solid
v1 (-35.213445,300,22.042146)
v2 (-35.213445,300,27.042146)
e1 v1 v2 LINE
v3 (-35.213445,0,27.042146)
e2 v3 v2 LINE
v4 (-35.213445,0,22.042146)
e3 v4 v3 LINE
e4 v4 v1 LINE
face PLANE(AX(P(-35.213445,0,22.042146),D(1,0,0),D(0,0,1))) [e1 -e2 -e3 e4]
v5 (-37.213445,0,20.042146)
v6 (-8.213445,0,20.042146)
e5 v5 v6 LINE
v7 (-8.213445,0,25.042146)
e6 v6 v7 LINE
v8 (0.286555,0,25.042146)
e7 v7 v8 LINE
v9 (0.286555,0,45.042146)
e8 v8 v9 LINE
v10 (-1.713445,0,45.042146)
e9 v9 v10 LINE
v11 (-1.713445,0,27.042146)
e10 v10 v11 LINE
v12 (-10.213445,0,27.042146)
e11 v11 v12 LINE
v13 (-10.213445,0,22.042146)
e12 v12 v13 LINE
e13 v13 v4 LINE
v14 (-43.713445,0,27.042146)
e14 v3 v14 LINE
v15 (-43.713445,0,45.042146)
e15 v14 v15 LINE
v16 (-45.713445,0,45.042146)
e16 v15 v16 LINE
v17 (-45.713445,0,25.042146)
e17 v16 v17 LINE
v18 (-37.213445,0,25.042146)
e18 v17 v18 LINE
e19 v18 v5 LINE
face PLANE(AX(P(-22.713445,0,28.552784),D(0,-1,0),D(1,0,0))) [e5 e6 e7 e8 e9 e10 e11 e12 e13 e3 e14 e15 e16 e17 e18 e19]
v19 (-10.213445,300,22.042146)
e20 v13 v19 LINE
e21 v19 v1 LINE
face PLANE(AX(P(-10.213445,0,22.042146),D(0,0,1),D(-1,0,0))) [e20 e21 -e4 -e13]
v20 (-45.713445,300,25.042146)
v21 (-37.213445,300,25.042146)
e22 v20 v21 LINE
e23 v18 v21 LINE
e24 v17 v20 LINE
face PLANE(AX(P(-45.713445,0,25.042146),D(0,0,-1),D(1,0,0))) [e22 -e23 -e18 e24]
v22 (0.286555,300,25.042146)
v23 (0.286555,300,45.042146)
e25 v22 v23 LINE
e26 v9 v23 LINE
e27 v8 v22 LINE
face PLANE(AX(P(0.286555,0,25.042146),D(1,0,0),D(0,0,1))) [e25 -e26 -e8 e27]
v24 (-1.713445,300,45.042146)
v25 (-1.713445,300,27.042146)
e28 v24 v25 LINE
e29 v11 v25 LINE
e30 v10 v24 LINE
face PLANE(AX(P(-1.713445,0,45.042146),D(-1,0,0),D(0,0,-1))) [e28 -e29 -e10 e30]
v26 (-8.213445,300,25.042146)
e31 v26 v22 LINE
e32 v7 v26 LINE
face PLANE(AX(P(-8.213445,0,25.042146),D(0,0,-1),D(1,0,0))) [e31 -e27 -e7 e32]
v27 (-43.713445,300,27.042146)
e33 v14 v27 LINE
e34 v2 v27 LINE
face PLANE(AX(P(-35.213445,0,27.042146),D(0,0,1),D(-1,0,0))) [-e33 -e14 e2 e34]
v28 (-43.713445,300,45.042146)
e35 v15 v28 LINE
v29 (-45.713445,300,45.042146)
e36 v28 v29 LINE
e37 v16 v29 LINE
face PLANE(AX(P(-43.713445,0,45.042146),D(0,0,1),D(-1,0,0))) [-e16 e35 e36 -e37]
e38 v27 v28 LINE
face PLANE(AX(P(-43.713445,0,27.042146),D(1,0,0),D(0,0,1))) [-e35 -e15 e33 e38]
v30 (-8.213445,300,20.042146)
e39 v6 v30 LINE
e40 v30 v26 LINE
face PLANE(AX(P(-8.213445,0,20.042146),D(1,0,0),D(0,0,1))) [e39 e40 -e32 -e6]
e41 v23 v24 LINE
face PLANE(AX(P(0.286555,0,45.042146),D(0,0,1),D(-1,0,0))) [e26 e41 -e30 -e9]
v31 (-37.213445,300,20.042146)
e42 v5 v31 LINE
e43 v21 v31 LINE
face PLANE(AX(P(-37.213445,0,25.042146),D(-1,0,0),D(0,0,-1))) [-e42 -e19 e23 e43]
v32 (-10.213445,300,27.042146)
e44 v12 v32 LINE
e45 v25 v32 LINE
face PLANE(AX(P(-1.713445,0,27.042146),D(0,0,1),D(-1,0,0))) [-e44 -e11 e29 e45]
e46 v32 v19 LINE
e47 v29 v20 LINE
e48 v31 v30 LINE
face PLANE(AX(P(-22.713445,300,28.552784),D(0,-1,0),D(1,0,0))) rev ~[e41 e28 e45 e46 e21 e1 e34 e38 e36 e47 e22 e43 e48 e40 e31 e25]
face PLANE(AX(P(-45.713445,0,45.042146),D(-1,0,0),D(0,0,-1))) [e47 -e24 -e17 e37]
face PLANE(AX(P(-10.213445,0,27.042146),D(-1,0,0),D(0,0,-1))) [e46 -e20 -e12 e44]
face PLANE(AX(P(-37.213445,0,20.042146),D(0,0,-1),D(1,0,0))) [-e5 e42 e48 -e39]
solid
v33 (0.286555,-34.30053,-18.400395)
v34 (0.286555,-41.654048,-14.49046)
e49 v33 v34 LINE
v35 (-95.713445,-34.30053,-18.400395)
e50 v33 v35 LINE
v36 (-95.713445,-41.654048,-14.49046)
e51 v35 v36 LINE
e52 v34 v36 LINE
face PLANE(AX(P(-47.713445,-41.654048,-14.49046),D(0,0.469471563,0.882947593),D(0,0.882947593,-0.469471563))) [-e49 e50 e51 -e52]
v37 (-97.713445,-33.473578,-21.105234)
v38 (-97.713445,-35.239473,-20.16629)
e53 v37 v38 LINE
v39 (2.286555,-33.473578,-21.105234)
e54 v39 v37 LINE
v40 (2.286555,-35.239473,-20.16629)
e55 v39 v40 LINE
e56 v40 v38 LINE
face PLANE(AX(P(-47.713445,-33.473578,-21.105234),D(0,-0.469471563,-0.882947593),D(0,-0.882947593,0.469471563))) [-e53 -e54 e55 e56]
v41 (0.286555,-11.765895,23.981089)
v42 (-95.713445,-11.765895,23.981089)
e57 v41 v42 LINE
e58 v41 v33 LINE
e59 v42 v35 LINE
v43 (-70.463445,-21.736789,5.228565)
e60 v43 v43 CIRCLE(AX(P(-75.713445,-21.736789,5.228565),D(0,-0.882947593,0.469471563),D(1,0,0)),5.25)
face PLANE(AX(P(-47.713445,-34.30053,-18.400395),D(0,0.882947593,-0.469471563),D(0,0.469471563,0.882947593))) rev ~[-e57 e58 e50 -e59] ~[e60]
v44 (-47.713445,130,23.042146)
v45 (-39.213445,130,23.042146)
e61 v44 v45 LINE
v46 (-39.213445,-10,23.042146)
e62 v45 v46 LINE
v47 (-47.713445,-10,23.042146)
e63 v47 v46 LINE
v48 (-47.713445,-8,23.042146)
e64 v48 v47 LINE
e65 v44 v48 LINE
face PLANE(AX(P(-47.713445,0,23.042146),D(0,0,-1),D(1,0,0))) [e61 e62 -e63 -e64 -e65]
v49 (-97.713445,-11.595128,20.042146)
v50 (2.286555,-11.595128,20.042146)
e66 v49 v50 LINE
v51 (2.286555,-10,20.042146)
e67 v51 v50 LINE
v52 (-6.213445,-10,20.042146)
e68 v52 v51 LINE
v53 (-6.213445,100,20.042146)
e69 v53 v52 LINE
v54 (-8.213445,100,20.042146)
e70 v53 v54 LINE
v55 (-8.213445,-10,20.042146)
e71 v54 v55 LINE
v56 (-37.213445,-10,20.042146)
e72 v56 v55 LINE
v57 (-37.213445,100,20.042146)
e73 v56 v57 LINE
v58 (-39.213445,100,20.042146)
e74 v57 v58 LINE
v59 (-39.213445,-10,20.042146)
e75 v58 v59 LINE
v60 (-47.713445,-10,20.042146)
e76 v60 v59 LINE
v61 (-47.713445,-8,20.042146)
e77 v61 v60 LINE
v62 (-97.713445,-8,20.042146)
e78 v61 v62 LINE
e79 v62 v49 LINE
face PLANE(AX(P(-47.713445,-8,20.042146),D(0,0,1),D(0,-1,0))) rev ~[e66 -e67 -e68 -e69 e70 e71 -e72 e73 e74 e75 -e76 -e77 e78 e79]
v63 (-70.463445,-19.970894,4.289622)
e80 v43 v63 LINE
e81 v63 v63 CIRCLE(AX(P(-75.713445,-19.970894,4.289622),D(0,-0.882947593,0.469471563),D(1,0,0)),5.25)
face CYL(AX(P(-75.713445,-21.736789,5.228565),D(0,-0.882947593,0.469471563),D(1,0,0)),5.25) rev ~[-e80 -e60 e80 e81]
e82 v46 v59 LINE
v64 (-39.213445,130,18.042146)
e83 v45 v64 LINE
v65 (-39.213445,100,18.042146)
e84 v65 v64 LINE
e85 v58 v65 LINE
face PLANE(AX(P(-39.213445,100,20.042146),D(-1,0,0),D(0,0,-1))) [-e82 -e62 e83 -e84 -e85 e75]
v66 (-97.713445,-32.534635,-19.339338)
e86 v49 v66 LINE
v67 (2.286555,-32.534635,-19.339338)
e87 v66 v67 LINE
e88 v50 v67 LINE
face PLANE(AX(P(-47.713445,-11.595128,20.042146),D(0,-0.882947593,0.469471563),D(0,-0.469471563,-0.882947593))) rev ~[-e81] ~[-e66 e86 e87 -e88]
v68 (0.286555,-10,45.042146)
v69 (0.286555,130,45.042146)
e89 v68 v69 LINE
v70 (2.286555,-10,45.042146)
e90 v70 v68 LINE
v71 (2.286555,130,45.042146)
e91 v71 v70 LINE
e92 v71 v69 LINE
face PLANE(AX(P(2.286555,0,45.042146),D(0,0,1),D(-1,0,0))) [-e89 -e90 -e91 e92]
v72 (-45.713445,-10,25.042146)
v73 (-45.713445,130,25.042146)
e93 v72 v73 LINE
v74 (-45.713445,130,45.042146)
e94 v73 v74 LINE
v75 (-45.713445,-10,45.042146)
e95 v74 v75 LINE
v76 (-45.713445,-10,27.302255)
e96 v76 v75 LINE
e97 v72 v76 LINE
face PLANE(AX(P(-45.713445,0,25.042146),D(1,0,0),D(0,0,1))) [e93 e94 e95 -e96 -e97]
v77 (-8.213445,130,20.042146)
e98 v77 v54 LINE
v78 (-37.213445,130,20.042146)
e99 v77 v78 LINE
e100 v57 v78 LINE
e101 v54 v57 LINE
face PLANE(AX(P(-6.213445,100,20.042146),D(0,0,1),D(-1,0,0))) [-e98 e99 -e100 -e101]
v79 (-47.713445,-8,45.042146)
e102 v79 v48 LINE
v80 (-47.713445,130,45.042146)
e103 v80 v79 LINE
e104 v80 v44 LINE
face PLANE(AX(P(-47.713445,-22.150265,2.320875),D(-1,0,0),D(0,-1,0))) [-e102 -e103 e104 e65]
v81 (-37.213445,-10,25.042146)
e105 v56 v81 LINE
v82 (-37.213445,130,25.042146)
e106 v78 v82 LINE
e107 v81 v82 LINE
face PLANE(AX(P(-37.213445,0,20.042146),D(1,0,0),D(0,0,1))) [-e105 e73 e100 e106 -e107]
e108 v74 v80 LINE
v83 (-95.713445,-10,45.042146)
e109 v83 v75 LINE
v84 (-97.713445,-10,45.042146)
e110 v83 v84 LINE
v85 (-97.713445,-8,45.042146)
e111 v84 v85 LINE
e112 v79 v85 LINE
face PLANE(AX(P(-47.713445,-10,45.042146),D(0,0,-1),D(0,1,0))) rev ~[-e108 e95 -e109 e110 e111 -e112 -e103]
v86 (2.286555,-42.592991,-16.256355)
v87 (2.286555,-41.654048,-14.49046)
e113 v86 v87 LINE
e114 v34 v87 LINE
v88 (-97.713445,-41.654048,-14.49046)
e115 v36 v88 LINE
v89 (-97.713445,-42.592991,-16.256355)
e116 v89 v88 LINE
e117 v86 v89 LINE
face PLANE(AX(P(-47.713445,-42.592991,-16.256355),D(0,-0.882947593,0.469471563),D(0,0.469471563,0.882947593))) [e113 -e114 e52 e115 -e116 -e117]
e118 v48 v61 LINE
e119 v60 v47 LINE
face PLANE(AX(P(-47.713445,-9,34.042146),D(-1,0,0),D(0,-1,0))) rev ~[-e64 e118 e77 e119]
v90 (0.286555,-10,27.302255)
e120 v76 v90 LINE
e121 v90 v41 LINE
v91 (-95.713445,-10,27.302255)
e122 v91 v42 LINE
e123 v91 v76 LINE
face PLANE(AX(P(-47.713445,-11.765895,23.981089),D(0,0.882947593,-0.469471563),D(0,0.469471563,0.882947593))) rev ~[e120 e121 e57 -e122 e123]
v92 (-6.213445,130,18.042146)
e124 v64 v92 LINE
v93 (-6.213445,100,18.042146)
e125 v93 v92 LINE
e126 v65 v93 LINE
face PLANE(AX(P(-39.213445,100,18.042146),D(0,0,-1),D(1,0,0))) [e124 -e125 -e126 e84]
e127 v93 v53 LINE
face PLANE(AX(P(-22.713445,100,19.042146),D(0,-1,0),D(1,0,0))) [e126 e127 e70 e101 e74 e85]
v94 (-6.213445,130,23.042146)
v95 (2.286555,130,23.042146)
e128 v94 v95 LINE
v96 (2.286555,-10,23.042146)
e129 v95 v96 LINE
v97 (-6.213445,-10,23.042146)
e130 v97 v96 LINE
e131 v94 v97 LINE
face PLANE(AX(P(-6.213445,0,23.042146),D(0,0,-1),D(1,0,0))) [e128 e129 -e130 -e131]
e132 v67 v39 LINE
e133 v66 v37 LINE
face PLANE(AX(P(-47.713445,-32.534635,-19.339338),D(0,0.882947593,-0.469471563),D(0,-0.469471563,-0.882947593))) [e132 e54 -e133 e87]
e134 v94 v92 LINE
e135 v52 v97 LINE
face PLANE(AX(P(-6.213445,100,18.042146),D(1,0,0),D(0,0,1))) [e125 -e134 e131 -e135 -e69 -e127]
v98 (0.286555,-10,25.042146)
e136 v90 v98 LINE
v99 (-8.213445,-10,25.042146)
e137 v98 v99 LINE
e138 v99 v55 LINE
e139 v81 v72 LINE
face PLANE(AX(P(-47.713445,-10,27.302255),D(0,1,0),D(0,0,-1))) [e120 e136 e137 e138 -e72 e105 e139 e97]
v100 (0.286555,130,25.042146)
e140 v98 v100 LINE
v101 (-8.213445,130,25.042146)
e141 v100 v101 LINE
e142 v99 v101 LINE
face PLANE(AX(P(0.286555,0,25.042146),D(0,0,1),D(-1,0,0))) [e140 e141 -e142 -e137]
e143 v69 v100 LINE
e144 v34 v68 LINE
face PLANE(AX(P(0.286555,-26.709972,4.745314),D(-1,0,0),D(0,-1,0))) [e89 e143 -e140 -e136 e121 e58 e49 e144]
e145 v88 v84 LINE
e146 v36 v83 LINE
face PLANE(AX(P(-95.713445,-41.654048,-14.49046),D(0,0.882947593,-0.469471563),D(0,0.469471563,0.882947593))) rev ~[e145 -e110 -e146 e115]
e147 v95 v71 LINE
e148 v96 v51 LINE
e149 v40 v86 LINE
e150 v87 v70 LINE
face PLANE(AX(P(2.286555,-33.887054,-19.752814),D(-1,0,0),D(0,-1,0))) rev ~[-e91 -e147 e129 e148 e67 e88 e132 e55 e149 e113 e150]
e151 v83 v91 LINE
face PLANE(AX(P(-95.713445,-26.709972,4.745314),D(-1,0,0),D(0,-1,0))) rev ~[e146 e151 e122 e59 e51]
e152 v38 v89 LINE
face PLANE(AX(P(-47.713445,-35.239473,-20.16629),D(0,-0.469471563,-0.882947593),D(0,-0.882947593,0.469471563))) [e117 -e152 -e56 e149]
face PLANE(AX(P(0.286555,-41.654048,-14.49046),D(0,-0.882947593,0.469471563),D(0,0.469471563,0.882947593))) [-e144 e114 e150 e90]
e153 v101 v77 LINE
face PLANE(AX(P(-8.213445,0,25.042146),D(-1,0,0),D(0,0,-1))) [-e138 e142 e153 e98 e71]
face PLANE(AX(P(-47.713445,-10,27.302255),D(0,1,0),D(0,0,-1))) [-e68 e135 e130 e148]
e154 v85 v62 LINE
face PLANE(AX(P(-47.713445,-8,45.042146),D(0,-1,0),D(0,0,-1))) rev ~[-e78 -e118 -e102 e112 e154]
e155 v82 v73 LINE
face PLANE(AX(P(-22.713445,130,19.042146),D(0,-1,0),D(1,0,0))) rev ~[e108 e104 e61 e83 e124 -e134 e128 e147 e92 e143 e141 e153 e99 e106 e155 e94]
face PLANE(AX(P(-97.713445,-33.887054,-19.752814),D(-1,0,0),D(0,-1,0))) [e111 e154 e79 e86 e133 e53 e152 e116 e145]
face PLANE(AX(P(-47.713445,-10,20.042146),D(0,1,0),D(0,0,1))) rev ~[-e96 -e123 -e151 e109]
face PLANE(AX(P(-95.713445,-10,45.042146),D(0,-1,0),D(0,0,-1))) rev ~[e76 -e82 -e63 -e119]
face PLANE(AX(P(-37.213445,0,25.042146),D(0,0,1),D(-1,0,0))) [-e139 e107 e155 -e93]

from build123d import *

# Parameters (mm, degrees)
F1_DEPTH       = 300
F2_DEPTH       = 10
F2_DEPTH_BACK  = 130
F4_DEPTH       = 50
F4_DEPTH_BACK  = 50
F5_START       = -48
F5_DEPTH       = 2
F6_START       = -100
F6_DEPTH       = 30
F8_START       = 48
F8_DEPTH       = 2
F3_W           = 2
F3_H           = 3
F9_DEPTH       = 50
F10_DEPTH      = 50
F10_DEPTH_BACK = 50
F7_R           = 5.25
F11_DEPTH      = 25


with BuildPart() as f1:
    # F0 (on Front) → F1 (new body)
    with BuildSketch(Plane.XZ):
        Polygon((-43.7134447098, 45.0421461165), (-45.7134447098, 45.0421461165), (-45.7134447098, 25.0421461165), (-37.2134447098, 25.0421461165), (-37.2134447098, 20.0421461165), (-8.2134447098, 20.0421461165), (-8.2134447098, 25.0421461165), (0.2865552902, 25.0421461165), (0.2865552902, 45.0421461165), (-1.7134447098, 45.0421461165), (-1.7134447098, 27.0421461165), (-10.2134447098, 27.0421461165), (-10.2134447098, 22.0421461165), (-35.2134447098, 22.0421461165), (-35.2134447098, 27.0421461165), (-43.7134447098, 27.0421461165), align=None)
    extrude(amount=-F1_DEPTH)


with BuildPart() as f2:
    # F0 (on Front) → F2 (new body, two sides)
    with BuildSketch(Plane.XZ) as f2_sk:
        Polygon((-45.7134447098, 25.0421461165), (-45.7134447098, 45.0421461165), (-47.7134447098, 45.0421461165), (-47.7134447098, 23.0421461165), (-39.2134447098, 23.0421461165), (-39.2134447098, 20.0421461165), (-37.2134447098, 20.0421461165), (-37.2134447098, 25.0421461165), align=None)
    extrude(amount=F2_DEPTH)
    extrude(f2_sk.sketch, amount=-F2_DEPTH_BACK)



with BuildPart() as f2b:
    # F0 (on Front) → F2, piece 2 (new body, two sides)
    with BuildSketch(Plane.XZ) as f2_2_sk:
        Polygon((-8.2134447098, 25.0421461165), (-8.2134447098, 20.0421461165), (-6.2134447098, 20.0421461165), (-6.2134447098, 23.0421461165), (2.2865552902, 23.0421461165), (2.2865552902, 45.0421461165), (0.2865552902, 45.0421461165), (0.2865552902, 25.0421461165), align=None)
    extrude(amount=F2_DEPTH)
    extrude(f2_2_sk.sketch, amount=-F2_DEPTH_BACK)


with BuildPart() as f2_1:
    add(f2.part)

    add(f2b.part)  # F4 merges F2b
    # F3 (on face) → F4 (join, two sides)
    with BuildSketch(Plane(origin=(-47.7134447098, 0, 0), x_dir=(0, -1, 0), z_dir=(-1, 0, 0))) as f4_sk:
        Polygon((11.7658951857, 23.9810892421), (10, 23.0421461165), (11.595128295, 20.0421461165), (32.5346350137, -19.3393383407), (34.3005301994, -18.4003952152), align=None)
        Polygon((10, 27.3022550529), (10, 23.0421461165), (11.7658951857, 23.9810892421), align=None)
        Polygon((11.595128295, 20.0421461165), (10, 23.0421461165), (10, 20.0421461165), align=None)
    extrude(amount=-F4_DEPTH)
    extrude(f4_sk.sketch, amount=F4_DEPTH_BACK)

    # F3 (on face) → F5 (join)
    with BuildSketch(Plane(origin=(-47.7134447098, 0, 0), x_dir=(0, -1, 0), z_dir=(-1, 0, 0)).offset(F5_START)):
        Polygon((19.1194132981, 27.8910241783), (11.7658951857, 23.9810892421), (34.3005301994, -18.4003952152), (41.6540483118, -14.4904602789), align=None)
        Polygon((10, 27.3022550529), (11.7658951857, 23.9810892421), (19.1194132981, 27.8910241783), (10, 45.0421461165), align=None)
    extrude(amount=-F5_DEPTH)

    # F0 (on Front) → F6 (join)
    with BuildSketch(Plane.XZ.offset(F6_START)):
        Polygon((-8.2134447098, 20.0421461165), (-37.2134447098, 20.0421461165), (-39.2134447098, 20.0421461165), (-39.2134447098, 18.0421461165), (-6.2134447098, 18.0421461165), (-6.2134447098, 20.0421461165), align=None)
    extrude(amount=-F6_DEPTH)

    # F3 (on face) → F8 (join)
    with BuildSketch(Plane(origin=(-47.7134447098, 0, 0), x_dir=(0, -1, 0), z_dir=(-1, 0, 0)).offset(F8_START)):
        Polygon((19.1194132981, 27.8910241783), (11.7658951857, 23.9810892421), (34.3005301994, -18.4003952152), (41.6540483118, -14.4904602789), align=None)
        Polygon((10, 27.3022550529), (11.7658951857, 23.9810892421), (19.1194132981, 27.8910241783), (10, 45.0421461165), align=None)
    extrude(amount=F8_DEPTH)

    # F3 (on face) → F9 (join)
    with BuildSketch(Plane(origin=(-47.7134447098, 0, 0), x_dir=(0, -1, 0), z_dir=(-1, 0, 0))):
        Polygon((8, 23.0421461165), (10, 23.0421461165), (10, 27.3022550529), (10, 45.0421461165), (8, 45.0421461165), align=None)
        with Locations((9, 21.5421461165)):
            Rectangle(F3_W, F3_H)
    extrude(amount=F9_DEPTH)

    # F3 (on face) → F10 (join, two sides)
    with BuildSketch(Plane(origin=(-47.7134447098, 0, 0), x_dir=(0, -1, 0), z_dir=(-1, 0, 0))) as f10_sk:
        Polygon((34.3005301994, -18.4003952152), (32.5346350137, -19.3393383407), (33.4735781393, -21.1052335265), (35.239473325, -20.1662904009), align=None)
        Polygon((41.6540483118, -14.4904602789), (34.3005301994, -18.4003952152), (35.239473325, -20.1662904009), (42.5929914374, -16.2563554646), align=None)
    extrude(amount=F10_DEPTH)
    extrude(f10_sk.sketch, amount=-F10_DEPTH_BACK)

    # F7 (on face) → F11 (cut)
    with BuildSketch(Plane(origin=(0, -19.1132621445, 10.1627017521), x_dir=(1, 0, 0), z_dir=(0, -0.8829475929, 0.4694715628))):
        with Locations((-75.7134447098, -5.5882552493)):
            Circle(F7_R)
    extrude(amount=-F11_DEPTH, mode=Mode.SUBTRACT)


solid = Compound([f1.part, f2_1.part])
